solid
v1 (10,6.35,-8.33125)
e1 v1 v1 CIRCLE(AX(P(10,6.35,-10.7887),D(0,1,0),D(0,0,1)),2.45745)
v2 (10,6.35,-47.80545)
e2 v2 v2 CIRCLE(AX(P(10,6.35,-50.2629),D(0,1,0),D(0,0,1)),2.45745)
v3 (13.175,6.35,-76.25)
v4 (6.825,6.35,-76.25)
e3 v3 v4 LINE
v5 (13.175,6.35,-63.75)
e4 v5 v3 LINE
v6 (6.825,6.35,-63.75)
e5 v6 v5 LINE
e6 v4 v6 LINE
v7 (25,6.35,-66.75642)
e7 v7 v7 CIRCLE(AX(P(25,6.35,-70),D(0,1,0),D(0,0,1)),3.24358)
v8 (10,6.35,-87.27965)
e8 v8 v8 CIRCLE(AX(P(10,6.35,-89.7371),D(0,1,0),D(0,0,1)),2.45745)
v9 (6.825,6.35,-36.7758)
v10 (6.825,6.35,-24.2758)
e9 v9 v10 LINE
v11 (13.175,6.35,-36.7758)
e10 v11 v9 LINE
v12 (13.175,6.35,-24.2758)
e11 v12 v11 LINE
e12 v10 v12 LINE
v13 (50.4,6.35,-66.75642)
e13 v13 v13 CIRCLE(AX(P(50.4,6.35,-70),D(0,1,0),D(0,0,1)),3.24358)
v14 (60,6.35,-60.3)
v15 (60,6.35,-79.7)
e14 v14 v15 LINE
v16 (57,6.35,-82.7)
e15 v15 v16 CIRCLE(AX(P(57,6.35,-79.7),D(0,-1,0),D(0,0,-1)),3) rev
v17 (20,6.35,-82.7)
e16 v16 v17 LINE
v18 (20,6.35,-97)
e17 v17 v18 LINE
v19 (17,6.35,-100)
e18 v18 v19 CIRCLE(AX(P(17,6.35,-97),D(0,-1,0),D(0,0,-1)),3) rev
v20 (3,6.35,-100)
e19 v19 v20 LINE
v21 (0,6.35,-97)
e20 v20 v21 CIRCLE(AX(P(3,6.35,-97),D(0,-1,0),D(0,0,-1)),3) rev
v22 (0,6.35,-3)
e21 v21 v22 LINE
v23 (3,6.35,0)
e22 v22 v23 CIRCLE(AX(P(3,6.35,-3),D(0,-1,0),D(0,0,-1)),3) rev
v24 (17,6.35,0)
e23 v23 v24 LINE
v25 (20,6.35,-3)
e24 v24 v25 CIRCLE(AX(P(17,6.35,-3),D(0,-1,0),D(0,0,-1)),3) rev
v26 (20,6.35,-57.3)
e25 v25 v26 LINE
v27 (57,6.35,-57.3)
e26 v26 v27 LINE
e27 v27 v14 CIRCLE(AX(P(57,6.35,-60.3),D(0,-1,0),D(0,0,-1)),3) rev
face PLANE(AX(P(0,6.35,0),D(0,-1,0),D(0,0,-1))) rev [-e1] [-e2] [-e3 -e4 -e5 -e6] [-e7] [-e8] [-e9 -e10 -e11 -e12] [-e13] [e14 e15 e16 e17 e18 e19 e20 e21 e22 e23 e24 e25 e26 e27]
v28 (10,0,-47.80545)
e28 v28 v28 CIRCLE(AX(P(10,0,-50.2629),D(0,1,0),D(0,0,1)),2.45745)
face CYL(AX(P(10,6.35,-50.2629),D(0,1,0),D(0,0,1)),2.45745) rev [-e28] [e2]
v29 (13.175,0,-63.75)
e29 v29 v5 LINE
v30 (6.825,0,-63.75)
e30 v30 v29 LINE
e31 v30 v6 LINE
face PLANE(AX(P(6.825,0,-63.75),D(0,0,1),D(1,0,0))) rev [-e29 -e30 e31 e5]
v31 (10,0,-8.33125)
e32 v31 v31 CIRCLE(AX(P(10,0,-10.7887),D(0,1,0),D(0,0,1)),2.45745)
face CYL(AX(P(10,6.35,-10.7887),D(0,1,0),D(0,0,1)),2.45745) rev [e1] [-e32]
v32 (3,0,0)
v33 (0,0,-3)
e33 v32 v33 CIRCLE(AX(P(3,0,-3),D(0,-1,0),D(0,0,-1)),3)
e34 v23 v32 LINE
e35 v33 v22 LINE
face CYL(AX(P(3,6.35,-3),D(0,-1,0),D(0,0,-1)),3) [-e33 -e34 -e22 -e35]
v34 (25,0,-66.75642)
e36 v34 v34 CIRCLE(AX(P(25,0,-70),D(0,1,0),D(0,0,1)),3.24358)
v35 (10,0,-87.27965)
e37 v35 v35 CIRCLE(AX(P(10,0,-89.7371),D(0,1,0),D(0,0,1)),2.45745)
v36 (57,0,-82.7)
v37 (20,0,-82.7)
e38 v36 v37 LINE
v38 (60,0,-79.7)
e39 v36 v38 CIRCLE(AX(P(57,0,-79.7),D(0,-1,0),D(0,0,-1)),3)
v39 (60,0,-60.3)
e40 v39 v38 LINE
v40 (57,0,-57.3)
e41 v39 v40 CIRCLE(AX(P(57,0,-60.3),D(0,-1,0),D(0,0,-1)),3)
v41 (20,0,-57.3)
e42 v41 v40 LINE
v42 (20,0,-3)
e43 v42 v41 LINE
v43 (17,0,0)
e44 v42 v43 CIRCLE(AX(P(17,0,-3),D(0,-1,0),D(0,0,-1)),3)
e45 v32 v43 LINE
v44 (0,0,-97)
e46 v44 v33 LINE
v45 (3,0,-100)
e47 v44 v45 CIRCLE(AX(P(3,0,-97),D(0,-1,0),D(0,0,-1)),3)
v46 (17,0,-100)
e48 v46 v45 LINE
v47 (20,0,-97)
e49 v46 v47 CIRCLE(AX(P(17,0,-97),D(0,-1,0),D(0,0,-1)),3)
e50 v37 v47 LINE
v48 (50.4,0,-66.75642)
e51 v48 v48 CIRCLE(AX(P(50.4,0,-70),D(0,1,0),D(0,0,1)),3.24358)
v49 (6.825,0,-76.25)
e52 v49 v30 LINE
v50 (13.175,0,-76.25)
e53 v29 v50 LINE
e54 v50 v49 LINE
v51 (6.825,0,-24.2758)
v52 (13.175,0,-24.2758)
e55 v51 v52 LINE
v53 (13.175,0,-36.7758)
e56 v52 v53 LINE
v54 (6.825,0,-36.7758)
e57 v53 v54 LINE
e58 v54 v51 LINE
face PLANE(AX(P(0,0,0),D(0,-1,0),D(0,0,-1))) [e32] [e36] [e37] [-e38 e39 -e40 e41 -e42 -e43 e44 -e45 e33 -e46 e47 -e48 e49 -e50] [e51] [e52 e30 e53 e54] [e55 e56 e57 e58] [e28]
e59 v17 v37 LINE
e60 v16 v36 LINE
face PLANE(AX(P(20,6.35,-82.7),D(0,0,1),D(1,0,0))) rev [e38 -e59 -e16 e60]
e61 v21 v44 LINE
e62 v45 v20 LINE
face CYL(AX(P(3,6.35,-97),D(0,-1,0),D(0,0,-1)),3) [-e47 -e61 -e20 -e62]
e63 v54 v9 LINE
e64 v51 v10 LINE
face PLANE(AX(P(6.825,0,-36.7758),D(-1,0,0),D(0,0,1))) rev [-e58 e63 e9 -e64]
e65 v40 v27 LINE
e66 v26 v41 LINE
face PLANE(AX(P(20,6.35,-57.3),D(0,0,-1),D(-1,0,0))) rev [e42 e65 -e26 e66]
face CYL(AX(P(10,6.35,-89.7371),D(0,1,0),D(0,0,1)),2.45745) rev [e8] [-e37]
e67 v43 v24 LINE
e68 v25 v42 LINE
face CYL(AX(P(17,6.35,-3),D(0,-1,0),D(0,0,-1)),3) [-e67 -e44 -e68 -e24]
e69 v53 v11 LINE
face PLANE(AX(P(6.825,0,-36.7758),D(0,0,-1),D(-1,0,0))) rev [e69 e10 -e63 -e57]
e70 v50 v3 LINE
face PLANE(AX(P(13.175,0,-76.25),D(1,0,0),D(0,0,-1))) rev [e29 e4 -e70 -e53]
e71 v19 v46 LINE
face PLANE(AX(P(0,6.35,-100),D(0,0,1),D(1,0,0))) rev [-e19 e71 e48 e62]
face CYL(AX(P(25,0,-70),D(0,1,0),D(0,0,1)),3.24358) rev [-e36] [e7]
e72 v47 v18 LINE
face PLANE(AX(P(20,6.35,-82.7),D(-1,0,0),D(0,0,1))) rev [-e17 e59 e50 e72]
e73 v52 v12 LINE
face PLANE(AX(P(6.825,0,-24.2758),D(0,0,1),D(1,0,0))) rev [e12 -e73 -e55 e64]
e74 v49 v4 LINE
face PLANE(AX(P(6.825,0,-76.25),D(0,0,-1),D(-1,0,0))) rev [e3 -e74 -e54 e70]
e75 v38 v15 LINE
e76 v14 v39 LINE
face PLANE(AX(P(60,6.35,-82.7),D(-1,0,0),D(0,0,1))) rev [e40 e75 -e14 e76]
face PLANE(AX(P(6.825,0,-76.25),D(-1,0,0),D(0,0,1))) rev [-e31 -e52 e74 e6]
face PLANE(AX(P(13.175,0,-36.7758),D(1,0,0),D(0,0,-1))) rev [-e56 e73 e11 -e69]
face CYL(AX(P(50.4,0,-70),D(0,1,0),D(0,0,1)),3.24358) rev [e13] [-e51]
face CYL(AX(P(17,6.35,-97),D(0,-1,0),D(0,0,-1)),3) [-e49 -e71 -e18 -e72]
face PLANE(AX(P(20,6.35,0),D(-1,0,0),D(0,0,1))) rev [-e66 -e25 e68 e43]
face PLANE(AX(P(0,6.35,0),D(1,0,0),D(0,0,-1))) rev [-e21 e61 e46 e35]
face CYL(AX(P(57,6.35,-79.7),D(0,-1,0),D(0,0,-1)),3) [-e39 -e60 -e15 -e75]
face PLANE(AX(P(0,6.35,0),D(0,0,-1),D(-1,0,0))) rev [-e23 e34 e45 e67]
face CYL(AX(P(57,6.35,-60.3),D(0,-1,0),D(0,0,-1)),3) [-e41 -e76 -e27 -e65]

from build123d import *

# Parameters (mm, degrees)
BOSS_EXTRUDE1_DEPTH          = 6.35
SKETCH2_W                    = 6.35
SKETCH2_H                    = 12.5
CUT_EXTRUDE1_DEPTH           = 117.791791236
F_10_0_1935_DIAMETER_HOLE2_D = 4.9149
SKETCH7_R                    = 3.24358
CUT_EXTRUDE2_DEPTH           = 117.791791236
FILLET1_R                    = 3


with BuildPart() as part:
    # Sketch1 → Boss-Extrude1 (new body)
    with BuildSketch(Plane(origin=(0, 0, 0), x_dir=(1, 0, 0), z_dir=(0, 1, 0))):
        Polygon((0, 0), (20, 0), (20, 57.3), (60, 57.3), (60, 82.7), (20, 82.7), (20, 100), (0, 100), align=None)
    extrude(amount=BOSS_EXTRUDE1_DEPTH)

    # Sketch2 → Cut-Extrude1 (cut, through all)
    with BuildSketch(Plane(origin=(0, 6.35, 0), x_dir=(1, 0, 0), z_dir=(0, 1, 0))):
        with Locations((10, 70)):
            Rectangle(SKETCH2_W, SKETCH2_H)
        with Locations((10, 30.5258)):
            Rectangle(SKETCH2_W, SKETCH2_H)
    extrude(amount=-CUT_EXTRUDE1_DEPTH, mode=Mode.SUBTRACT)

    # #10 (0.1935) Diameter Hole2 (through all)
    with Locations(Plane(origin=(0, 6.35, 0), x_dir=(1, 0, 0), z_dir=(0, 1, 0))):
        with Locations((10, 89.7371), (10, 50.2629), (10, 10.7887)):
            Hole(F_10_0_1935_DIAMETER_HOLE2_D / 2)

    # Sketch7 → Cut-Extrude2 (cut, through all)
    with BuildSketch(Plane(origin=(0, 6.35, 0), x_dir=(1, 0, 0), z_dir=(0, 1, 0))):
        with Locations(Location((25, 70, 0), (0, 0, 270))):
            Circle(SKETCH7_R)
        with Locations(Location((50.4, 70, 0), (0, 0, 270))):
            Circle(SKETCH7_R)
    extrude(amount=-CUT_EXTRUDE2_DEPTH, mode=Mode.SUBTRACT)

    # Fillet1
    fillet1_edges = [part.edges().sort_by_distance(p)[0] for p in [
        (0, 3.175, -100),
        (20, 3.175, -100),
        (60, 3.175, -82.7),
        (60, 3.175, -57.3),
        (20, 3.175, 0),
        (0, 3.175, 0),
    ]]
    fillet(fillet1_edges, radius=FILLET1_R)


solid = part.part
